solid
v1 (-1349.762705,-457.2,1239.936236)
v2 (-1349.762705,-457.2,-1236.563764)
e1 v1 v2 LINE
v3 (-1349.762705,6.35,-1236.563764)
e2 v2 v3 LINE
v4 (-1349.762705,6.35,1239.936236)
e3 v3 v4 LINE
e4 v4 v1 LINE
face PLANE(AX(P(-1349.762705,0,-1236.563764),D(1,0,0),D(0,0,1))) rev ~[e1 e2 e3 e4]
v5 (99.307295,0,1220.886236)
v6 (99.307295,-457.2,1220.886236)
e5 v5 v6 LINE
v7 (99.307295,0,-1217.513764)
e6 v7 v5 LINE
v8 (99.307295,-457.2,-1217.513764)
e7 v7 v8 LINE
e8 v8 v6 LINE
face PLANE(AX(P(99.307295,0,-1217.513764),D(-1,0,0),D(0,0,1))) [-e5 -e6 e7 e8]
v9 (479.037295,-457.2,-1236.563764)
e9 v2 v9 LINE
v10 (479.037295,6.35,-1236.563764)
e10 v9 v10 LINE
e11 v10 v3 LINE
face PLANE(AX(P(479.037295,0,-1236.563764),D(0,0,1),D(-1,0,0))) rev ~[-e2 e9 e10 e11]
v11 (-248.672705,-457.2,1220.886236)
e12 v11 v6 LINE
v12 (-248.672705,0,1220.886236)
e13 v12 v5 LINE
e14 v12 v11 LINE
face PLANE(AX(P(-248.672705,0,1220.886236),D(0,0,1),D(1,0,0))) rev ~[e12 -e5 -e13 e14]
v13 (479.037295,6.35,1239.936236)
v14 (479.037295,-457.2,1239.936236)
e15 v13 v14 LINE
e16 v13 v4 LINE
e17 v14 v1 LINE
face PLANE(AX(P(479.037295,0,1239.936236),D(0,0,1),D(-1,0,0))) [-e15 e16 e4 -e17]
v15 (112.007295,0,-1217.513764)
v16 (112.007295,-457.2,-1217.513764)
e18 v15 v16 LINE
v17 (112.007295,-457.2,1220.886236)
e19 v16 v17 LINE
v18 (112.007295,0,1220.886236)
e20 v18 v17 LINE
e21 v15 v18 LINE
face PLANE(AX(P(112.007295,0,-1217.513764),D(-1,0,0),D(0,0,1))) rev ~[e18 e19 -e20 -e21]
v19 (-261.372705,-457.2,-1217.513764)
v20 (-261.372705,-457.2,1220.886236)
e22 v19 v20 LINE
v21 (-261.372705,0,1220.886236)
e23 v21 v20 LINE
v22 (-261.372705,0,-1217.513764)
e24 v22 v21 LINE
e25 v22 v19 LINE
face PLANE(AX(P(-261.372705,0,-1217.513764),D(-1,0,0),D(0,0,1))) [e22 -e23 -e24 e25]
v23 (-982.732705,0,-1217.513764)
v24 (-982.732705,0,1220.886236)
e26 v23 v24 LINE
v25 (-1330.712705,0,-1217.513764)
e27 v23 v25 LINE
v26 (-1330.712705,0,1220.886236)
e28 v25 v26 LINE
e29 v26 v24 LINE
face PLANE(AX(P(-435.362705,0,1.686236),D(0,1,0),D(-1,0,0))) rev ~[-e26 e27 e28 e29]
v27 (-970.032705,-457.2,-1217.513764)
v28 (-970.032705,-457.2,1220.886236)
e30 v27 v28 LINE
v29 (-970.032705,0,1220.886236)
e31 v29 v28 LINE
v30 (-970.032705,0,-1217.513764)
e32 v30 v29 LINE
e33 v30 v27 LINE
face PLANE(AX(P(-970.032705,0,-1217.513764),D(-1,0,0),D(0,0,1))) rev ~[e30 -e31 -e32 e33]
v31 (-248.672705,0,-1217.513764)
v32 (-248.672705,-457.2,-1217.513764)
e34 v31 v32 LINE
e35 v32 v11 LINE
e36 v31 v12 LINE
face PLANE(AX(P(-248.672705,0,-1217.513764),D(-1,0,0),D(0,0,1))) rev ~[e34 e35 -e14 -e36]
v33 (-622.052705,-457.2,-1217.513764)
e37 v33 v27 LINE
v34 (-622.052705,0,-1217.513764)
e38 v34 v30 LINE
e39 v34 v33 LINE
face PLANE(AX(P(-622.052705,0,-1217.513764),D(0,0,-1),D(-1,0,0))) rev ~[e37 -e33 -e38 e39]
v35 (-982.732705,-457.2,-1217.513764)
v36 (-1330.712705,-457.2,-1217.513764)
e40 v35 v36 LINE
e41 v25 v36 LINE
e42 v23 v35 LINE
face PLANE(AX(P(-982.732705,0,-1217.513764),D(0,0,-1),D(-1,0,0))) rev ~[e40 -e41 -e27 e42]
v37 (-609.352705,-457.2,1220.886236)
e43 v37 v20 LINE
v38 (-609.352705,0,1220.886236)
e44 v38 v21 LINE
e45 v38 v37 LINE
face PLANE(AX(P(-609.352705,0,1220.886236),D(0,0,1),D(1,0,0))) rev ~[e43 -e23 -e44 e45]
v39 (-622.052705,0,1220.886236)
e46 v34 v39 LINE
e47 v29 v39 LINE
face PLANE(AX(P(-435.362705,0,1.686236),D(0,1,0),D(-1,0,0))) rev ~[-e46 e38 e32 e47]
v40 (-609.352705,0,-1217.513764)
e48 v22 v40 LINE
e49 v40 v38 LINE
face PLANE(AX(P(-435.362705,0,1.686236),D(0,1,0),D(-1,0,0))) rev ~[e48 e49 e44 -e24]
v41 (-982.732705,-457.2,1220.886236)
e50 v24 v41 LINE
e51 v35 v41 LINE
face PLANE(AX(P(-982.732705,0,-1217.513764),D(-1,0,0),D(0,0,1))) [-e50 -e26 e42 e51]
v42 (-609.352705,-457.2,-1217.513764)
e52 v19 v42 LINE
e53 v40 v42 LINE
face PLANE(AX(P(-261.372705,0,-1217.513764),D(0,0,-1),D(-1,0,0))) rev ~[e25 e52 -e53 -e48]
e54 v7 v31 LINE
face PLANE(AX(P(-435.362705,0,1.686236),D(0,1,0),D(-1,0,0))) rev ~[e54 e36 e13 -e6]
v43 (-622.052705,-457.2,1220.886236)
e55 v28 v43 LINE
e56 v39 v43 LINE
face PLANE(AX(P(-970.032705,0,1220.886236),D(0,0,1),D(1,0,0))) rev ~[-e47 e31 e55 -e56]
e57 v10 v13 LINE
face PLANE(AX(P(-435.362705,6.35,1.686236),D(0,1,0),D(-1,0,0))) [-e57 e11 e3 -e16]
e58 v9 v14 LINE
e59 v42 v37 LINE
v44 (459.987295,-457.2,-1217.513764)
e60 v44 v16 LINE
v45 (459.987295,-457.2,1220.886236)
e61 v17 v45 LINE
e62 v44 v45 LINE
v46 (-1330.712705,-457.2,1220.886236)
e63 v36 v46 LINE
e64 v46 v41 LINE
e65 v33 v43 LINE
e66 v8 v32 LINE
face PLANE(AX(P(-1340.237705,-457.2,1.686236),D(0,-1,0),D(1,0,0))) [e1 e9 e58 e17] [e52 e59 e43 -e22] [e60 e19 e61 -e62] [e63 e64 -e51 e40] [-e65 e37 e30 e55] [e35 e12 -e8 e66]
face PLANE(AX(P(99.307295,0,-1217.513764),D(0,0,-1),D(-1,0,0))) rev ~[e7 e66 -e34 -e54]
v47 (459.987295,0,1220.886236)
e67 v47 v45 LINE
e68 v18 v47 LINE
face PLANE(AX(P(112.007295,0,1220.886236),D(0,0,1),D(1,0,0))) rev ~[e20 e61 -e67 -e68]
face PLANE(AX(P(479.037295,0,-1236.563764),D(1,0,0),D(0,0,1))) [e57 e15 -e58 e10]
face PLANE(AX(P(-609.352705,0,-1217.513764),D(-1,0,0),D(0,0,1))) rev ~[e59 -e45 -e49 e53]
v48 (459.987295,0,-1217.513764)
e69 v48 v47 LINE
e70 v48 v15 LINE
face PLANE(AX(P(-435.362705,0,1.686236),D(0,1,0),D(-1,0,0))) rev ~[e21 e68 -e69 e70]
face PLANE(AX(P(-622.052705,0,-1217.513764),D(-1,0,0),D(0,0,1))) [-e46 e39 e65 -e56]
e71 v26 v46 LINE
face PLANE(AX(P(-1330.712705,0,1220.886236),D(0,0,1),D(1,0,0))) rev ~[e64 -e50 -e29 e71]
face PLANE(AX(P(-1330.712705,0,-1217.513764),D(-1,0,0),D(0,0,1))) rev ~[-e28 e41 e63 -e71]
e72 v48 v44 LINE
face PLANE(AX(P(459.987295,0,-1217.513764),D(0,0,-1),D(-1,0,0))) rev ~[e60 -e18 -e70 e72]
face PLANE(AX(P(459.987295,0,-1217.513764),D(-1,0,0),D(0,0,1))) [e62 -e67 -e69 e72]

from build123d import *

# Parameters (mm, degrees)
F0_W     = 19.05
F0_H     = 2438.4
F0_W_2   = 12.7
F1_DEPTH = 457.2
F2_W     = 1828.8
F2_H     = 2476.5
F3_DEPTH = 6.35


with BuildPart() as f1:
    # F0 (on Front) → F1 (new body)
    with BuildSketch(Plane.XZ):
        with Locations((-1340.237705, 1.686236)):
            Rectangle(F0_W, F0_H)
        with Locations((469.512295, 1.686236)):
            Rectangle(F0_W, F0_H)
        Polygon((-982.732705, -1217.513764), (-1330.712705, -1217.513764), (-1349.762705, -1217.513764), (-1349.762705, -1236.563764), (479.037295, -1236.563764), (479.037295, -1217.513764), (459.987295, -1217.513764), (112.007295, -1217.513764), (99.307295, -1217.513764), (-248.672705, -1217.513764), (-261.372705, -1217.513764), (-609.352705, -1217.513764), (-622.052705, -1217.513764), (-970.032705, -1217.513764), align=None)
        Polygon((-1349.762705, 1220.886236), (-1330.712705, 1220.886236), (-982.732705, 1220.886236), (-970.032705, 1220.886236), (-622.052705, 1220.886236), (-609.352705, 1220.886236), (-261.372705, 1220.886236), (-248.672705, 1220.886236), (99.307295, 1220.886236), (112.007295, 1220.886236), (459.987295, 1220.886236), (479.037295, 1220.886236), (479.037295, 1239.936236), (-1349.762705, 1239.936236), align=None)
        with Locations((-976.382705, 1.686236)):
            Rectangle(F0_W_2, F0_H)
        with Locations((-615.702705, 1.686236)):
            Rectangle(F0_W_2, F0_H)
        with Locations((-255.022705, 1.686236)):
            Rectangle(F0_W_2, F0_H)
        with Locations((105.657295, 1.686236)):
            Rectangle(F0_W_2, F0_H)
    extrude(amount=F1_DEPTH)

    # F2 (on face) → F3 (join)
    with BuildSketch(Plane(origin=(0, 0, 0), x_dir=(-1, 0, 0), z_dir=(0, 1, 0))):
        with Locations((435.362705, 1.686236)):
            Rectangle(F2_W, F2_H)
    extrude(amount=F3_DEPTH)


solid = f1.part
